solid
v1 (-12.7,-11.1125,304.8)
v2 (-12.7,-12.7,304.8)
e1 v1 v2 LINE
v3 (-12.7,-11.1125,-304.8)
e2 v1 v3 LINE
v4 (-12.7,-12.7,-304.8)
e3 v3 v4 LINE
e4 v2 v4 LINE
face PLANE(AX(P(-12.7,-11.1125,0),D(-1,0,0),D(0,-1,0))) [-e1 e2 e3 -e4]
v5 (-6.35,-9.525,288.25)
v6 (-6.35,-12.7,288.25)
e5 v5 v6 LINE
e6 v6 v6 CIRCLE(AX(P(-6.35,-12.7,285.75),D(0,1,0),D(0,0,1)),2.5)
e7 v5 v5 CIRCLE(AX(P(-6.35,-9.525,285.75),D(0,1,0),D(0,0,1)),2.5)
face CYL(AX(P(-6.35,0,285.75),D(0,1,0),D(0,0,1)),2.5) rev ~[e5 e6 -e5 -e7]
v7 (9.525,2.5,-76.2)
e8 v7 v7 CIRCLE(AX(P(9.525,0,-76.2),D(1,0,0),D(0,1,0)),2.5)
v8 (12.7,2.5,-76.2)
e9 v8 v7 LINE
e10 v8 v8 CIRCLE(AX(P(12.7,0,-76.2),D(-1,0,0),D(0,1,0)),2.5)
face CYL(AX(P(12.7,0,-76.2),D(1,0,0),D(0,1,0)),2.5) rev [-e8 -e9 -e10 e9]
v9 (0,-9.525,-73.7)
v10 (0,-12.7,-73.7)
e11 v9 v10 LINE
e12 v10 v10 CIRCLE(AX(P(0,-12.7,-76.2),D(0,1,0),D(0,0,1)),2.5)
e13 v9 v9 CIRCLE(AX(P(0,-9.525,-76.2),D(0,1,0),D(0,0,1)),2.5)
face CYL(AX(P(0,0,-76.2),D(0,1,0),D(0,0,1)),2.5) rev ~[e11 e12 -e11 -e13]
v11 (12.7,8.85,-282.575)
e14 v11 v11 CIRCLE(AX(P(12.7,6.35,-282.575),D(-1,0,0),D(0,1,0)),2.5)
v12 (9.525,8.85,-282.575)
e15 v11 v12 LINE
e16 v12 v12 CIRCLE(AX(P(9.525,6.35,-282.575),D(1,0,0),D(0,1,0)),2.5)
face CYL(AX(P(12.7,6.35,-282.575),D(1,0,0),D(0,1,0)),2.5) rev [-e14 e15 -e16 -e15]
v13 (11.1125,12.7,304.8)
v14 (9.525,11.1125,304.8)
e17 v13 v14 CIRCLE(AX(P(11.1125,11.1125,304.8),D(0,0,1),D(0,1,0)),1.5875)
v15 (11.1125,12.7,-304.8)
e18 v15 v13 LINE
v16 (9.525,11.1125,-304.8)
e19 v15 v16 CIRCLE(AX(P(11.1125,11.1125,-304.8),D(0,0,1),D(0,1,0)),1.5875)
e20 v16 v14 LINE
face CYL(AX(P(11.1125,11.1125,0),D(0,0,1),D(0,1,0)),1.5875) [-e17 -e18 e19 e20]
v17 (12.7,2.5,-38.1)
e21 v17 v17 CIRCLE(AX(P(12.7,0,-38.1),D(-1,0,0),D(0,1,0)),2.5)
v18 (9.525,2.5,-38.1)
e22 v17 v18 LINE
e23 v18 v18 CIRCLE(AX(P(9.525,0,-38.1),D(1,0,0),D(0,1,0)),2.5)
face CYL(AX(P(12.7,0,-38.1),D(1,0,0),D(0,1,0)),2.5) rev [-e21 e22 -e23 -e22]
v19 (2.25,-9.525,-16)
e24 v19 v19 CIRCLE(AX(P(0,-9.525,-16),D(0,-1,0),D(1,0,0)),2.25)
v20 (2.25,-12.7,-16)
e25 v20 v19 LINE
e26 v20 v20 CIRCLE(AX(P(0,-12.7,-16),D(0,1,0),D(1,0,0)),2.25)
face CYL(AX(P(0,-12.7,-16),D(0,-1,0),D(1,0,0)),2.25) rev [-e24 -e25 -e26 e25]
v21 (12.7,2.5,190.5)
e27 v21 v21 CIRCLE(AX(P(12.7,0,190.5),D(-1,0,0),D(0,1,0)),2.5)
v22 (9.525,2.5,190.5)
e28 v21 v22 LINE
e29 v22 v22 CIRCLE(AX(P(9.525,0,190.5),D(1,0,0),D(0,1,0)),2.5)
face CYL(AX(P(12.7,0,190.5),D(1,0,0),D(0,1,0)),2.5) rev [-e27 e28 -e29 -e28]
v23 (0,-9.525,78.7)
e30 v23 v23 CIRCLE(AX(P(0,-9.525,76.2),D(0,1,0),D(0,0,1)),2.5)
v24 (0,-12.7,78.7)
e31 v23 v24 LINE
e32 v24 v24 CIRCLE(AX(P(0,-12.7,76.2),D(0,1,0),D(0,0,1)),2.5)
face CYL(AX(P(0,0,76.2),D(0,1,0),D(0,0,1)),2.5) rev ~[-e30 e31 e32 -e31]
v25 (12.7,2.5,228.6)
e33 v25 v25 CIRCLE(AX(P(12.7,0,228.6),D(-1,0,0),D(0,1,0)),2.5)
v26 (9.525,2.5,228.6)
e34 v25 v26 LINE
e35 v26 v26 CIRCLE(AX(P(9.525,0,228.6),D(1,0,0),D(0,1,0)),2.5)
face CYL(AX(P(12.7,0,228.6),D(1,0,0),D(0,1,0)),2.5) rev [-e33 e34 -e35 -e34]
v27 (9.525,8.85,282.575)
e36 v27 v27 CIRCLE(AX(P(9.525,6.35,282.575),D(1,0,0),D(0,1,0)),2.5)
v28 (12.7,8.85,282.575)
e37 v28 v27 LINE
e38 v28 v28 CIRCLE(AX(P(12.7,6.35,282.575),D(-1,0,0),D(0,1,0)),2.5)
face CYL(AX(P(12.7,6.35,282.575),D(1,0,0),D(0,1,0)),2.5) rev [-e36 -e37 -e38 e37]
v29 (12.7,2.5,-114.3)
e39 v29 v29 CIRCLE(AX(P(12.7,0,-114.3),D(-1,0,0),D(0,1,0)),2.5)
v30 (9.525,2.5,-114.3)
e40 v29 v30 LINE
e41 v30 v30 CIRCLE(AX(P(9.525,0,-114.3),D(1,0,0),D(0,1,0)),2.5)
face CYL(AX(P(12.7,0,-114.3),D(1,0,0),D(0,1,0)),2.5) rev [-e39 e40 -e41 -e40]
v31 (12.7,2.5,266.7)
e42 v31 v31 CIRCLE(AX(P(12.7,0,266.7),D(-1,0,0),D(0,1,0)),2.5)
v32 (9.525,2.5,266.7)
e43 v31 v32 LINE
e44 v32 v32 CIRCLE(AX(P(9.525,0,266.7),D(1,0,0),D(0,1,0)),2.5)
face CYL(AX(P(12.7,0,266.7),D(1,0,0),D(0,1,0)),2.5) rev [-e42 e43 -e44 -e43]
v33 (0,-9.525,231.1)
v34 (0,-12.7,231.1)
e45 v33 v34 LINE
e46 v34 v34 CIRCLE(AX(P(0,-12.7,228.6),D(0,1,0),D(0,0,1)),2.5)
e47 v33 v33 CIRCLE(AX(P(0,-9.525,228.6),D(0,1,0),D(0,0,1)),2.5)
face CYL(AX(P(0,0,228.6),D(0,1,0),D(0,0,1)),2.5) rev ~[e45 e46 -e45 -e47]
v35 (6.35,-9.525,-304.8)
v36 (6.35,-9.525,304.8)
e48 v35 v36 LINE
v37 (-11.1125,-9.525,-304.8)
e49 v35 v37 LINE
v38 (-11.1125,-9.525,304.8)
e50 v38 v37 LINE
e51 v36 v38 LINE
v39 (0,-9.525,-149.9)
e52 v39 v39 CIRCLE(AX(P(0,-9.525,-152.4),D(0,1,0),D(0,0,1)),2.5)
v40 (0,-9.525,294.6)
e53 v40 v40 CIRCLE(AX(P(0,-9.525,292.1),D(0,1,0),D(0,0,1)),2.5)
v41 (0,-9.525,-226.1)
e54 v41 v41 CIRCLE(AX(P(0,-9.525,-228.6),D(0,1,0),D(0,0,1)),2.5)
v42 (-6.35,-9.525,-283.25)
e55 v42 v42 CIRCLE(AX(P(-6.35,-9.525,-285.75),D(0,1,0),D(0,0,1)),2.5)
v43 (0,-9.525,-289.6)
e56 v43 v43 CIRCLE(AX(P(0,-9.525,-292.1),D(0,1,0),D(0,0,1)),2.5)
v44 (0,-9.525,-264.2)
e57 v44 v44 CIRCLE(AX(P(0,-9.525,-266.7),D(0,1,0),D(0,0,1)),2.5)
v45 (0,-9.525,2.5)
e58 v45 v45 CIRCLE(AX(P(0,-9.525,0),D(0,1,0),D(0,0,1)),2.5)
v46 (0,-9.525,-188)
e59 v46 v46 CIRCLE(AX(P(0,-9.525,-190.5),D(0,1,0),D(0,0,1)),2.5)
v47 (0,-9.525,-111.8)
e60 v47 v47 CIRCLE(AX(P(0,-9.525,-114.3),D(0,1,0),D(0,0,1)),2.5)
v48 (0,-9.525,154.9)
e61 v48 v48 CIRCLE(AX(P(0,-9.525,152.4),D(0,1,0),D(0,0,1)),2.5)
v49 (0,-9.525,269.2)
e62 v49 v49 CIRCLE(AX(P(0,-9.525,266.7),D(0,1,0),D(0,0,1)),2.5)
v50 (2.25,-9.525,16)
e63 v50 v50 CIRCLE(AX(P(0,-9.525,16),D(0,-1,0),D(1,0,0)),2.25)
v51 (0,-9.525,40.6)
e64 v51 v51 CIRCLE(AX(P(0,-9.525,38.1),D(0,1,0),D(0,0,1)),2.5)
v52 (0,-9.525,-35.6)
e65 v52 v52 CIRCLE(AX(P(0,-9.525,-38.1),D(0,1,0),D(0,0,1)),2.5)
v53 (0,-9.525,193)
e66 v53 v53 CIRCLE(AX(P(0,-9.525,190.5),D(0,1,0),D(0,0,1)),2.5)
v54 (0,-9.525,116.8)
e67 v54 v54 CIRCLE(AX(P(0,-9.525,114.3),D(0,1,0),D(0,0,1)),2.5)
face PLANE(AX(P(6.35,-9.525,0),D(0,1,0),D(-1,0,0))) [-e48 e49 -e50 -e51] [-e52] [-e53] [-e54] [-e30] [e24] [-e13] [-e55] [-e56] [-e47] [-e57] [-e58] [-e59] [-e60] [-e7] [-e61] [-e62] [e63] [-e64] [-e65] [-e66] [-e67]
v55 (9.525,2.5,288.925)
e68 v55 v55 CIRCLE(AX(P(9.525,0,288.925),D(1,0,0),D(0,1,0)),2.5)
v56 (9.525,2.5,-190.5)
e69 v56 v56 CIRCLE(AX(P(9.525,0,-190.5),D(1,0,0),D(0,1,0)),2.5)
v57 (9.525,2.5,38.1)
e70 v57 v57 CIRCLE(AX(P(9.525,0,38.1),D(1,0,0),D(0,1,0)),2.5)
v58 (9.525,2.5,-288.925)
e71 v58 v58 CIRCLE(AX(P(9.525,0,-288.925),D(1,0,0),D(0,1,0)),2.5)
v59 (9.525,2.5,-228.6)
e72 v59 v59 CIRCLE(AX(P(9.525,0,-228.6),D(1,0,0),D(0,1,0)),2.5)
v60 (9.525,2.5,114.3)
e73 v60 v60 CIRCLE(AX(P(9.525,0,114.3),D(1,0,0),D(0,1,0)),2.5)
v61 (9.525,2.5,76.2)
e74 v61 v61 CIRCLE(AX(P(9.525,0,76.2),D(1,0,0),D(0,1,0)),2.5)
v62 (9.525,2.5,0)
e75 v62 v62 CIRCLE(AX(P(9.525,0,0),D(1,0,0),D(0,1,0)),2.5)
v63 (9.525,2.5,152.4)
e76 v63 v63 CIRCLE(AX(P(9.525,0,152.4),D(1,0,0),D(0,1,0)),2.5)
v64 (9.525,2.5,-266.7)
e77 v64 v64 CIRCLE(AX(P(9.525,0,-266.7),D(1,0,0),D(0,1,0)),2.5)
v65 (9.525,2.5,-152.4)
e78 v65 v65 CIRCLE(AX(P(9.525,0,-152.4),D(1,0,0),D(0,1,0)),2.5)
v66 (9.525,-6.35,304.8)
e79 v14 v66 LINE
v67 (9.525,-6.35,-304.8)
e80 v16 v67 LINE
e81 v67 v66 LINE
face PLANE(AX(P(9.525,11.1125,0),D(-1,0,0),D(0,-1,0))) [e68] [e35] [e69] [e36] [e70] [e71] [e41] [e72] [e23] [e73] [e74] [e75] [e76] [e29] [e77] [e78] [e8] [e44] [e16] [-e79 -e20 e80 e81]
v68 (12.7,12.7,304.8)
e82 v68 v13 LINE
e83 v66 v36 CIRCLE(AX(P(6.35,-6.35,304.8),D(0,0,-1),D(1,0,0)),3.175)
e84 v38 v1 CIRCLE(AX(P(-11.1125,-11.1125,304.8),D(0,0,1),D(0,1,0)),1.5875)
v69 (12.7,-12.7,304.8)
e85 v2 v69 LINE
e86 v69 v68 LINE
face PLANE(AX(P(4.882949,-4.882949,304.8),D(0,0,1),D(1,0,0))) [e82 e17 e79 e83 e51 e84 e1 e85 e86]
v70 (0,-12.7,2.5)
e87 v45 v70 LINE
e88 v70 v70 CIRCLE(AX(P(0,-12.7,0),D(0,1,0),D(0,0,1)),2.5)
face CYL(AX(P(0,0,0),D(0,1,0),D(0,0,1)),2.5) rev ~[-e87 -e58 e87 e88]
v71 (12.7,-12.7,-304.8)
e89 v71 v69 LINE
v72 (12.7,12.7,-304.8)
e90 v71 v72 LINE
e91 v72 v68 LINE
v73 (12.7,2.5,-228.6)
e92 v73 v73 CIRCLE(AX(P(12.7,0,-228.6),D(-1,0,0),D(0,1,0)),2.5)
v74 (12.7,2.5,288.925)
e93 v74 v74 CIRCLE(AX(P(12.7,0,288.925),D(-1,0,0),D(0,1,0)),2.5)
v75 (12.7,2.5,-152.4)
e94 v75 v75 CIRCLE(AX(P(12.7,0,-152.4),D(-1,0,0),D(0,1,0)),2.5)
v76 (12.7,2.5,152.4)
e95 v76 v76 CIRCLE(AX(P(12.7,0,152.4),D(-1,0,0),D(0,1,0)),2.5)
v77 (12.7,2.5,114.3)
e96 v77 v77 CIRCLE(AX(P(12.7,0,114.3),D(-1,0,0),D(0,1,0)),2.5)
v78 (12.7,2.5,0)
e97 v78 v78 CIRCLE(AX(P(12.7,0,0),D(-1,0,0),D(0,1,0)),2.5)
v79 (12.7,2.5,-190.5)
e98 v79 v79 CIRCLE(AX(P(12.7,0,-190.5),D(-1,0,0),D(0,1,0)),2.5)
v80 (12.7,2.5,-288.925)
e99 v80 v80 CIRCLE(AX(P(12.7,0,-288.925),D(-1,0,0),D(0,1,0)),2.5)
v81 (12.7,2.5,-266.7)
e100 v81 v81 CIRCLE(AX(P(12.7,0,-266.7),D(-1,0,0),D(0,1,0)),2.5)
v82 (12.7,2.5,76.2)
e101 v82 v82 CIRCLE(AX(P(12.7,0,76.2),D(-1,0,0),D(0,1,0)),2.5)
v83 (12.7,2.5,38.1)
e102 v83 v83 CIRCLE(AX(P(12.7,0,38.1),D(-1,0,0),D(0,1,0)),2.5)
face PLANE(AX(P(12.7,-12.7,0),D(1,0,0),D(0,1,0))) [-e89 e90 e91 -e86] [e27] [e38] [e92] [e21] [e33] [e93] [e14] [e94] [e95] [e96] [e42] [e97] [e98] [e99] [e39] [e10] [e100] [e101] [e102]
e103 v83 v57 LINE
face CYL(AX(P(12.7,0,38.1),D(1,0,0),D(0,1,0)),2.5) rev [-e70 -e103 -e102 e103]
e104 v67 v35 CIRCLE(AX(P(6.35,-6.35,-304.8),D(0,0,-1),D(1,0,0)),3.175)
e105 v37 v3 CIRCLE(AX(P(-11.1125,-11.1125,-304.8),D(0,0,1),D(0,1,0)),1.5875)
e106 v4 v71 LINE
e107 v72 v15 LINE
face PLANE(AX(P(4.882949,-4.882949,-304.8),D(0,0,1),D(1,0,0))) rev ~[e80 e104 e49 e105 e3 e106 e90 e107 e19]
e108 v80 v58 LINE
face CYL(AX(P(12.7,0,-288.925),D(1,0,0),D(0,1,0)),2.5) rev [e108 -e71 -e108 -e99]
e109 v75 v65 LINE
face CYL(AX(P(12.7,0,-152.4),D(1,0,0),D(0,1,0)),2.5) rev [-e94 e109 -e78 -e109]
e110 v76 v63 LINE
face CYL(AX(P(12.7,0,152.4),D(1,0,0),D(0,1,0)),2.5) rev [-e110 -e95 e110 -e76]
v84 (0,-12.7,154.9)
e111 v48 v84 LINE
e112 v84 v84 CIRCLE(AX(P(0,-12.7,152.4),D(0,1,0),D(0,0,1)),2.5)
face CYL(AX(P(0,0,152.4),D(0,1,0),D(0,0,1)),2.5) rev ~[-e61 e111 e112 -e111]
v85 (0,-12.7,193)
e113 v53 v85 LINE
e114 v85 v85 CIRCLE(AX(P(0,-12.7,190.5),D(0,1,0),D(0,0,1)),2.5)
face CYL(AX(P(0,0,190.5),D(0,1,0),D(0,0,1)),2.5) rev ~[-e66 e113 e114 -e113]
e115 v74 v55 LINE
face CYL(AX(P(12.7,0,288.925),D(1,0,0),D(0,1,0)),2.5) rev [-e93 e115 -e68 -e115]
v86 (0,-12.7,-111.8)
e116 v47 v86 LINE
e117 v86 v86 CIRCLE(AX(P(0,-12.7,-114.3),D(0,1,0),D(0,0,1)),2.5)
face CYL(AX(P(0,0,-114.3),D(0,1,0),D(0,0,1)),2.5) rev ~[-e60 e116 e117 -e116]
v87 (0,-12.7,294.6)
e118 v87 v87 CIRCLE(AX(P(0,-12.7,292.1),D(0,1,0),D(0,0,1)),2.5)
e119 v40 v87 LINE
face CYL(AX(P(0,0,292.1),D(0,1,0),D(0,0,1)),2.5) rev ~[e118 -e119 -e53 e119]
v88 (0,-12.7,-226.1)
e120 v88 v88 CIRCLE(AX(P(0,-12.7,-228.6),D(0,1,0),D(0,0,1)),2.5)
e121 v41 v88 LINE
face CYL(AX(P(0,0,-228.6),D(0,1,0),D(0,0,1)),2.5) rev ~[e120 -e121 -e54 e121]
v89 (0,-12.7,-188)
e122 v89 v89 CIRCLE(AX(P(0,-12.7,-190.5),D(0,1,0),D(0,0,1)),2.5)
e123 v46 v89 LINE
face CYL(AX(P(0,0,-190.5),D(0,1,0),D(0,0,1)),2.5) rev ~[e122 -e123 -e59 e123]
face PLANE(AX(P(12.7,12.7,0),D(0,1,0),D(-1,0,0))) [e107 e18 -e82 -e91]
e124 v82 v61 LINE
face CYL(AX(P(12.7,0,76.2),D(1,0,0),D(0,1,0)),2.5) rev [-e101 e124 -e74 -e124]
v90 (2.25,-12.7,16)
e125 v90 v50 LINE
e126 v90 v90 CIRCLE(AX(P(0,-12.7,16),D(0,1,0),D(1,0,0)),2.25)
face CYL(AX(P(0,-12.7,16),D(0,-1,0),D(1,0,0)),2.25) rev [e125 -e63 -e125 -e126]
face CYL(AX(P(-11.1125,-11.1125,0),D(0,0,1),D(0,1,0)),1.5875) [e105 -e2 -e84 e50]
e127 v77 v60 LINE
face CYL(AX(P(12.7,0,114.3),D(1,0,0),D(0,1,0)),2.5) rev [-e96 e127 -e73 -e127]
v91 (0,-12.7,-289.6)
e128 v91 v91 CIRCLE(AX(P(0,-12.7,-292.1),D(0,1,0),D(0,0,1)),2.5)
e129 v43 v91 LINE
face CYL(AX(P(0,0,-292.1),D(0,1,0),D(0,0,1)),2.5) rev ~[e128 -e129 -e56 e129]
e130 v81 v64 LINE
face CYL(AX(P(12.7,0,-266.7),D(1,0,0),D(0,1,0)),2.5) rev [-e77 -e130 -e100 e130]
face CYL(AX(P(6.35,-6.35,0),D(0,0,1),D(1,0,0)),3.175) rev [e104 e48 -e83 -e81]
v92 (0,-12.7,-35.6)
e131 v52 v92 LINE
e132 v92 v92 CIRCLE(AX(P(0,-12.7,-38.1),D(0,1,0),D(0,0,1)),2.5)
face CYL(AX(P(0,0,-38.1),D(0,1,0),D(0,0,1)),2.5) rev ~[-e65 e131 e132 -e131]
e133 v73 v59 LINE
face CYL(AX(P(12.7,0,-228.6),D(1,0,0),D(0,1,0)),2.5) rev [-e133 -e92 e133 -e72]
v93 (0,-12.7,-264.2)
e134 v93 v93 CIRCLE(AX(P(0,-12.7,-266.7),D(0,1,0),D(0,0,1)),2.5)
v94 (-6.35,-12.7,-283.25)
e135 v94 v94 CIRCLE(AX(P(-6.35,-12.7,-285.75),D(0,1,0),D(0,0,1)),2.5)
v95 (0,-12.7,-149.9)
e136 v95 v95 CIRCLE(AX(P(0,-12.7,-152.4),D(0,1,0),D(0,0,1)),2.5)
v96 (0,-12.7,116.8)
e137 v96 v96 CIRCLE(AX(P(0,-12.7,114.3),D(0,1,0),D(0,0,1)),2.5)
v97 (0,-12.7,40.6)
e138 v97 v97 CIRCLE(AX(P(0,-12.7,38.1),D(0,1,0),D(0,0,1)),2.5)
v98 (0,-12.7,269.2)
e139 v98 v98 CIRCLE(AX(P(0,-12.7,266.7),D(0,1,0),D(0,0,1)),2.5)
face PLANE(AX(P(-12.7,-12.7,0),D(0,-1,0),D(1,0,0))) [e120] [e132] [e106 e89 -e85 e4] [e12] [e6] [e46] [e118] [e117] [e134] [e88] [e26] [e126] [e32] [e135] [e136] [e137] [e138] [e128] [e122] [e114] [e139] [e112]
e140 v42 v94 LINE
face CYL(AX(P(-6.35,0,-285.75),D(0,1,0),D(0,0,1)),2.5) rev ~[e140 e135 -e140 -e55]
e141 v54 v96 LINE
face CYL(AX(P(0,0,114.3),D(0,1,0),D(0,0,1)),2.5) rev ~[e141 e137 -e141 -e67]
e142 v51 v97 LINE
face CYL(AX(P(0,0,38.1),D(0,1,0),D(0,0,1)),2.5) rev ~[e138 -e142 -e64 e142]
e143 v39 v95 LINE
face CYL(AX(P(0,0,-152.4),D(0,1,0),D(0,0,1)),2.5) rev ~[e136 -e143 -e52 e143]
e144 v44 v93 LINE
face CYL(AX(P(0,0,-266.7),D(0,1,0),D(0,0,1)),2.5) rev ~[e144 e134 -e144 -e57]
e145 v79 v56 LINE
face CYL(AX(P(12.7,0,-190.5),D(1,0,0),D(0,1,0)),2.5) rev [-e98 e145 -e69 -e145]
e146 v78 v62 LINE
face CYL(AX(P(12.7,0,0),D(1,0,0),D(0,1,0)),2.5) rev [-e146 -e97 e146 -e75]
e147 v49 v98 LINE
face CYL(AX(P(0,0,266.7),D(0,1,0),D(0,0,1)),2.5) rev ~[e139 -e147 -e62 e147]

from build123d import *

# Parameters (mm, degrees)
BOSS_EXTRUDE1_DEPTH = 304.8
SKETCH3_R           = 2.5
CUT_EXTRUDE2_DEPTH  = 254
SKETCH8_R           = 2.5
CUT_EXTRUDE4_DEPTH  = 254
SKETCH9_R           = 2.25
CUT_EXTRUDE5_DEPTH  = 25.4


with BuildPart() as part:
    # Sketch2 → Boss-Extrude1 (new, symmetric)
    with BuildSketch(Plane.XY):
        with BuildLine():
            Line((-12.7, -12.7), (12.7, -12.7))
            Line((12.7, -12.7), (12.7, 12.7))
            Line((12.7, 12.7), (11.1125, 12.7))
            ThreePointArc((11.1125, 12.7), (9.989967985, 12.235032015), (9.525, 11.1125))
            Line((9.525, 11.1125), (9.525, -6.35))
            ThreePointArc((9.525, -6.35), (8.59506403, -8.59506403), (6.35, -9.525))
            Line((6.35, -9.525), (-11.1125, -9.525))
            ThreePointArc((-11.1125, -9.525), (-12.235032015, -9.989967985), (-12.7, -11.1125))
            Line((-12.7, -11.1125), (-12.7, -12.7))
        make_face()
    extrude(amount=BOSS_EXTRUDE1_DEPTH, both=True)

    # Sketch3 → Cut-Extrude2 (cut)
    with BuildSketch(Plane(origin=(0, 0, 0), x_dir=(1, 0, 0), z_dir=(0, 1, 0))):
        with Locations(Location((-6.35, 285.75, 0), (0, 0, 270))):
            Circle(SKETCH3_R)
        with Locations(Location((0, 292.1, 0), (0, 0, 270))):
            Circle(SKETCH3_R)
        with Locations(Location((0, 266.7, 0), (0, 0, 270))):
            Circle(SKETCH3_R)
        with Locations(Location((0, 228.6, 0), (0, 0, 270))):
            Circle(SKETCH3_R)
        with Locations(Location((0, 190.5, 0), (0, 0, 270))):
            Circle(SKETCH3_R)
        with Locations(Location((0, 152.4, 0), (0, 0, 270))):
            Circle(SKETCH3_R)
        with Locations(Location((0, 114.3, 0), (0, 0, 270))):
            Circle(SKETCH3_R)
        with Locations(Location((0, 76.2, 0), (0, 0, 270))):
            Circle(SKETCH3_R)
        with Locations(Location((0, 38.1, 0), (0, 0, 270))):
            Circle(SKETCH3_R)
        with Locations(Location((0, 0, 0), (0, 0, 270))):
            Circle(SKETCH3_R)
        with Locations(Location((0, -38.1, 0), (0, 0, 270))):
            Circle(SKETCH3_R)
        with Locations(Location((0, -76.2, 0), (0, 0, 270))):
            Circle(SKETCH3_R)
        with Locations(Location((0, -114.3, 0), (0, 0, 270))):
            Circle(SKETCH3_R)
        with Locations(Location((0, -292.1, 0), (0, 0, 270))):
            Circle(SKETCH3_R)
        with Locations(Location((-6.35, -285.75, 0), (0, 0, 270))):
            Circle(SKETCH3_R)
        with Locations(Location((0, -152.4, 0), (0, 0, 270))):
            Circle(SKETCH3_R)
        with Locations(Location((0, -190.5, 0), (0, 0, 270))):
            Circle(SKETCH3_R)
        with Locations(Location((0, -228.6, 0), (0, 0, 270))):
            Circle(SKETCH3_R)
        with Locations(Location((0, -266.7, 0), (0, 0, 270))):
            Circle(SKETCH3_R)
    extrude(amount=-CUT_EXTRUDE2_DEPTH, mode=Mode.SUBTRACT)

    # Sketch8 → Cut-Extrude4 (cut)
    with BuildSketch(Plane(origin=(12.7, 0, -12.7), x_dir=(0, 0, 1), z_dir=(-1, 0, 0))):
        with Locations(Location((295.275, 6.35, 0), (0, 0, 90))):
            Circle(SKETCH8_R)
        with Locations(Location((301.625, 0, 0), (0, 0, 90))):
            Circle(SKETCH8_R)
        with Locations(Location((279.4, 0, 0), (0, 0, 90))):
            Circle(SKETCH8_R)
        with Locations(Location((241.3, 0, 0), (0, 0, 90))):
            Circle(SKETCH8_R)
        with Locations(Location((203.2, 0, 0), (0, 0, 90))):
            Circle(SKETCH8_R)
        with Locations(Location((165.1, 0, 0), (0, 0, 90))):
            Circle(SKETCH8_R)
        with Locations(Location((127, 0, 0), (0, 0, 90))):
            Circle(SKETCH8_R)
        with Locations(Location((88.9, 0, 0), (0, 0, 90))):
            Circle(SKETCH8_R)
        with Locations(Location((50.8, 0, 0), (0, 0, 90))):
            Circle(SKETCH8_R)
        with Locations(Location((12.7, 0, 0), (0, 0, 90))):
            Circle(SKETCH8_R)
        with Locations(Location((-25.4, 0, 0), (0, 0, 90))):
            Circle(SKETCH8_R)
        with Locations(Location((-63.5, 0, 0), (0, 0, 90))):
            Circle(SKETCH8_R)
        with Locations(Location((-101.6, 0, 0), (0, 0, 90))):
            Circle(SKETCH8_R)
        with Locations(Location((-276.225, 0, 0), (0, 0, 90))):
            Circle(SKETCH8_R)
        with Locations(Location((-269.875, 6.35, 0), (0, 0, 90))):
            Circle(SKETCH8_R)
        with Locations(Location((-139.7, 0, 0), (0, 0, 90))):
            Circle(SKETCH8_R)
        with Locations(Location((-177.8, 0, 0), (0, 0, 90))):
            Circle(SKETCH8_R)
        with Locations(Location((-215.9, 0, 0), (0, 0, 90))):
            Circle(SKETCH8_R)
        with Locations(Location((-254, 0, 0), (0, 0, 90))):
            Circle(SKETCH8_R)
    extrude(amount=CUT_EXTRUDE4_DEPTH, mode=Mode.SUBTRACT)

    # Sketch9 → Cut-Extrude5 (cut)
    with BuildSketch(Plane(origin=(0, -12.7, 0), x_dir=(0, 0, -1), z_dir=(0, 1, 0))):
        with Locations(Location((-16, 0, 0), (0, 0, 270))):
            Circle(SKETCH9_R)
        with Locations(Location((16, 0, 0), (0, 0, 270))):
            Circle(SKETCH9_R)
    extrude(amount=CUT_EXTRUDE5_DEPTH, mode=Mode.SUBTRACT)


solid = part.part
